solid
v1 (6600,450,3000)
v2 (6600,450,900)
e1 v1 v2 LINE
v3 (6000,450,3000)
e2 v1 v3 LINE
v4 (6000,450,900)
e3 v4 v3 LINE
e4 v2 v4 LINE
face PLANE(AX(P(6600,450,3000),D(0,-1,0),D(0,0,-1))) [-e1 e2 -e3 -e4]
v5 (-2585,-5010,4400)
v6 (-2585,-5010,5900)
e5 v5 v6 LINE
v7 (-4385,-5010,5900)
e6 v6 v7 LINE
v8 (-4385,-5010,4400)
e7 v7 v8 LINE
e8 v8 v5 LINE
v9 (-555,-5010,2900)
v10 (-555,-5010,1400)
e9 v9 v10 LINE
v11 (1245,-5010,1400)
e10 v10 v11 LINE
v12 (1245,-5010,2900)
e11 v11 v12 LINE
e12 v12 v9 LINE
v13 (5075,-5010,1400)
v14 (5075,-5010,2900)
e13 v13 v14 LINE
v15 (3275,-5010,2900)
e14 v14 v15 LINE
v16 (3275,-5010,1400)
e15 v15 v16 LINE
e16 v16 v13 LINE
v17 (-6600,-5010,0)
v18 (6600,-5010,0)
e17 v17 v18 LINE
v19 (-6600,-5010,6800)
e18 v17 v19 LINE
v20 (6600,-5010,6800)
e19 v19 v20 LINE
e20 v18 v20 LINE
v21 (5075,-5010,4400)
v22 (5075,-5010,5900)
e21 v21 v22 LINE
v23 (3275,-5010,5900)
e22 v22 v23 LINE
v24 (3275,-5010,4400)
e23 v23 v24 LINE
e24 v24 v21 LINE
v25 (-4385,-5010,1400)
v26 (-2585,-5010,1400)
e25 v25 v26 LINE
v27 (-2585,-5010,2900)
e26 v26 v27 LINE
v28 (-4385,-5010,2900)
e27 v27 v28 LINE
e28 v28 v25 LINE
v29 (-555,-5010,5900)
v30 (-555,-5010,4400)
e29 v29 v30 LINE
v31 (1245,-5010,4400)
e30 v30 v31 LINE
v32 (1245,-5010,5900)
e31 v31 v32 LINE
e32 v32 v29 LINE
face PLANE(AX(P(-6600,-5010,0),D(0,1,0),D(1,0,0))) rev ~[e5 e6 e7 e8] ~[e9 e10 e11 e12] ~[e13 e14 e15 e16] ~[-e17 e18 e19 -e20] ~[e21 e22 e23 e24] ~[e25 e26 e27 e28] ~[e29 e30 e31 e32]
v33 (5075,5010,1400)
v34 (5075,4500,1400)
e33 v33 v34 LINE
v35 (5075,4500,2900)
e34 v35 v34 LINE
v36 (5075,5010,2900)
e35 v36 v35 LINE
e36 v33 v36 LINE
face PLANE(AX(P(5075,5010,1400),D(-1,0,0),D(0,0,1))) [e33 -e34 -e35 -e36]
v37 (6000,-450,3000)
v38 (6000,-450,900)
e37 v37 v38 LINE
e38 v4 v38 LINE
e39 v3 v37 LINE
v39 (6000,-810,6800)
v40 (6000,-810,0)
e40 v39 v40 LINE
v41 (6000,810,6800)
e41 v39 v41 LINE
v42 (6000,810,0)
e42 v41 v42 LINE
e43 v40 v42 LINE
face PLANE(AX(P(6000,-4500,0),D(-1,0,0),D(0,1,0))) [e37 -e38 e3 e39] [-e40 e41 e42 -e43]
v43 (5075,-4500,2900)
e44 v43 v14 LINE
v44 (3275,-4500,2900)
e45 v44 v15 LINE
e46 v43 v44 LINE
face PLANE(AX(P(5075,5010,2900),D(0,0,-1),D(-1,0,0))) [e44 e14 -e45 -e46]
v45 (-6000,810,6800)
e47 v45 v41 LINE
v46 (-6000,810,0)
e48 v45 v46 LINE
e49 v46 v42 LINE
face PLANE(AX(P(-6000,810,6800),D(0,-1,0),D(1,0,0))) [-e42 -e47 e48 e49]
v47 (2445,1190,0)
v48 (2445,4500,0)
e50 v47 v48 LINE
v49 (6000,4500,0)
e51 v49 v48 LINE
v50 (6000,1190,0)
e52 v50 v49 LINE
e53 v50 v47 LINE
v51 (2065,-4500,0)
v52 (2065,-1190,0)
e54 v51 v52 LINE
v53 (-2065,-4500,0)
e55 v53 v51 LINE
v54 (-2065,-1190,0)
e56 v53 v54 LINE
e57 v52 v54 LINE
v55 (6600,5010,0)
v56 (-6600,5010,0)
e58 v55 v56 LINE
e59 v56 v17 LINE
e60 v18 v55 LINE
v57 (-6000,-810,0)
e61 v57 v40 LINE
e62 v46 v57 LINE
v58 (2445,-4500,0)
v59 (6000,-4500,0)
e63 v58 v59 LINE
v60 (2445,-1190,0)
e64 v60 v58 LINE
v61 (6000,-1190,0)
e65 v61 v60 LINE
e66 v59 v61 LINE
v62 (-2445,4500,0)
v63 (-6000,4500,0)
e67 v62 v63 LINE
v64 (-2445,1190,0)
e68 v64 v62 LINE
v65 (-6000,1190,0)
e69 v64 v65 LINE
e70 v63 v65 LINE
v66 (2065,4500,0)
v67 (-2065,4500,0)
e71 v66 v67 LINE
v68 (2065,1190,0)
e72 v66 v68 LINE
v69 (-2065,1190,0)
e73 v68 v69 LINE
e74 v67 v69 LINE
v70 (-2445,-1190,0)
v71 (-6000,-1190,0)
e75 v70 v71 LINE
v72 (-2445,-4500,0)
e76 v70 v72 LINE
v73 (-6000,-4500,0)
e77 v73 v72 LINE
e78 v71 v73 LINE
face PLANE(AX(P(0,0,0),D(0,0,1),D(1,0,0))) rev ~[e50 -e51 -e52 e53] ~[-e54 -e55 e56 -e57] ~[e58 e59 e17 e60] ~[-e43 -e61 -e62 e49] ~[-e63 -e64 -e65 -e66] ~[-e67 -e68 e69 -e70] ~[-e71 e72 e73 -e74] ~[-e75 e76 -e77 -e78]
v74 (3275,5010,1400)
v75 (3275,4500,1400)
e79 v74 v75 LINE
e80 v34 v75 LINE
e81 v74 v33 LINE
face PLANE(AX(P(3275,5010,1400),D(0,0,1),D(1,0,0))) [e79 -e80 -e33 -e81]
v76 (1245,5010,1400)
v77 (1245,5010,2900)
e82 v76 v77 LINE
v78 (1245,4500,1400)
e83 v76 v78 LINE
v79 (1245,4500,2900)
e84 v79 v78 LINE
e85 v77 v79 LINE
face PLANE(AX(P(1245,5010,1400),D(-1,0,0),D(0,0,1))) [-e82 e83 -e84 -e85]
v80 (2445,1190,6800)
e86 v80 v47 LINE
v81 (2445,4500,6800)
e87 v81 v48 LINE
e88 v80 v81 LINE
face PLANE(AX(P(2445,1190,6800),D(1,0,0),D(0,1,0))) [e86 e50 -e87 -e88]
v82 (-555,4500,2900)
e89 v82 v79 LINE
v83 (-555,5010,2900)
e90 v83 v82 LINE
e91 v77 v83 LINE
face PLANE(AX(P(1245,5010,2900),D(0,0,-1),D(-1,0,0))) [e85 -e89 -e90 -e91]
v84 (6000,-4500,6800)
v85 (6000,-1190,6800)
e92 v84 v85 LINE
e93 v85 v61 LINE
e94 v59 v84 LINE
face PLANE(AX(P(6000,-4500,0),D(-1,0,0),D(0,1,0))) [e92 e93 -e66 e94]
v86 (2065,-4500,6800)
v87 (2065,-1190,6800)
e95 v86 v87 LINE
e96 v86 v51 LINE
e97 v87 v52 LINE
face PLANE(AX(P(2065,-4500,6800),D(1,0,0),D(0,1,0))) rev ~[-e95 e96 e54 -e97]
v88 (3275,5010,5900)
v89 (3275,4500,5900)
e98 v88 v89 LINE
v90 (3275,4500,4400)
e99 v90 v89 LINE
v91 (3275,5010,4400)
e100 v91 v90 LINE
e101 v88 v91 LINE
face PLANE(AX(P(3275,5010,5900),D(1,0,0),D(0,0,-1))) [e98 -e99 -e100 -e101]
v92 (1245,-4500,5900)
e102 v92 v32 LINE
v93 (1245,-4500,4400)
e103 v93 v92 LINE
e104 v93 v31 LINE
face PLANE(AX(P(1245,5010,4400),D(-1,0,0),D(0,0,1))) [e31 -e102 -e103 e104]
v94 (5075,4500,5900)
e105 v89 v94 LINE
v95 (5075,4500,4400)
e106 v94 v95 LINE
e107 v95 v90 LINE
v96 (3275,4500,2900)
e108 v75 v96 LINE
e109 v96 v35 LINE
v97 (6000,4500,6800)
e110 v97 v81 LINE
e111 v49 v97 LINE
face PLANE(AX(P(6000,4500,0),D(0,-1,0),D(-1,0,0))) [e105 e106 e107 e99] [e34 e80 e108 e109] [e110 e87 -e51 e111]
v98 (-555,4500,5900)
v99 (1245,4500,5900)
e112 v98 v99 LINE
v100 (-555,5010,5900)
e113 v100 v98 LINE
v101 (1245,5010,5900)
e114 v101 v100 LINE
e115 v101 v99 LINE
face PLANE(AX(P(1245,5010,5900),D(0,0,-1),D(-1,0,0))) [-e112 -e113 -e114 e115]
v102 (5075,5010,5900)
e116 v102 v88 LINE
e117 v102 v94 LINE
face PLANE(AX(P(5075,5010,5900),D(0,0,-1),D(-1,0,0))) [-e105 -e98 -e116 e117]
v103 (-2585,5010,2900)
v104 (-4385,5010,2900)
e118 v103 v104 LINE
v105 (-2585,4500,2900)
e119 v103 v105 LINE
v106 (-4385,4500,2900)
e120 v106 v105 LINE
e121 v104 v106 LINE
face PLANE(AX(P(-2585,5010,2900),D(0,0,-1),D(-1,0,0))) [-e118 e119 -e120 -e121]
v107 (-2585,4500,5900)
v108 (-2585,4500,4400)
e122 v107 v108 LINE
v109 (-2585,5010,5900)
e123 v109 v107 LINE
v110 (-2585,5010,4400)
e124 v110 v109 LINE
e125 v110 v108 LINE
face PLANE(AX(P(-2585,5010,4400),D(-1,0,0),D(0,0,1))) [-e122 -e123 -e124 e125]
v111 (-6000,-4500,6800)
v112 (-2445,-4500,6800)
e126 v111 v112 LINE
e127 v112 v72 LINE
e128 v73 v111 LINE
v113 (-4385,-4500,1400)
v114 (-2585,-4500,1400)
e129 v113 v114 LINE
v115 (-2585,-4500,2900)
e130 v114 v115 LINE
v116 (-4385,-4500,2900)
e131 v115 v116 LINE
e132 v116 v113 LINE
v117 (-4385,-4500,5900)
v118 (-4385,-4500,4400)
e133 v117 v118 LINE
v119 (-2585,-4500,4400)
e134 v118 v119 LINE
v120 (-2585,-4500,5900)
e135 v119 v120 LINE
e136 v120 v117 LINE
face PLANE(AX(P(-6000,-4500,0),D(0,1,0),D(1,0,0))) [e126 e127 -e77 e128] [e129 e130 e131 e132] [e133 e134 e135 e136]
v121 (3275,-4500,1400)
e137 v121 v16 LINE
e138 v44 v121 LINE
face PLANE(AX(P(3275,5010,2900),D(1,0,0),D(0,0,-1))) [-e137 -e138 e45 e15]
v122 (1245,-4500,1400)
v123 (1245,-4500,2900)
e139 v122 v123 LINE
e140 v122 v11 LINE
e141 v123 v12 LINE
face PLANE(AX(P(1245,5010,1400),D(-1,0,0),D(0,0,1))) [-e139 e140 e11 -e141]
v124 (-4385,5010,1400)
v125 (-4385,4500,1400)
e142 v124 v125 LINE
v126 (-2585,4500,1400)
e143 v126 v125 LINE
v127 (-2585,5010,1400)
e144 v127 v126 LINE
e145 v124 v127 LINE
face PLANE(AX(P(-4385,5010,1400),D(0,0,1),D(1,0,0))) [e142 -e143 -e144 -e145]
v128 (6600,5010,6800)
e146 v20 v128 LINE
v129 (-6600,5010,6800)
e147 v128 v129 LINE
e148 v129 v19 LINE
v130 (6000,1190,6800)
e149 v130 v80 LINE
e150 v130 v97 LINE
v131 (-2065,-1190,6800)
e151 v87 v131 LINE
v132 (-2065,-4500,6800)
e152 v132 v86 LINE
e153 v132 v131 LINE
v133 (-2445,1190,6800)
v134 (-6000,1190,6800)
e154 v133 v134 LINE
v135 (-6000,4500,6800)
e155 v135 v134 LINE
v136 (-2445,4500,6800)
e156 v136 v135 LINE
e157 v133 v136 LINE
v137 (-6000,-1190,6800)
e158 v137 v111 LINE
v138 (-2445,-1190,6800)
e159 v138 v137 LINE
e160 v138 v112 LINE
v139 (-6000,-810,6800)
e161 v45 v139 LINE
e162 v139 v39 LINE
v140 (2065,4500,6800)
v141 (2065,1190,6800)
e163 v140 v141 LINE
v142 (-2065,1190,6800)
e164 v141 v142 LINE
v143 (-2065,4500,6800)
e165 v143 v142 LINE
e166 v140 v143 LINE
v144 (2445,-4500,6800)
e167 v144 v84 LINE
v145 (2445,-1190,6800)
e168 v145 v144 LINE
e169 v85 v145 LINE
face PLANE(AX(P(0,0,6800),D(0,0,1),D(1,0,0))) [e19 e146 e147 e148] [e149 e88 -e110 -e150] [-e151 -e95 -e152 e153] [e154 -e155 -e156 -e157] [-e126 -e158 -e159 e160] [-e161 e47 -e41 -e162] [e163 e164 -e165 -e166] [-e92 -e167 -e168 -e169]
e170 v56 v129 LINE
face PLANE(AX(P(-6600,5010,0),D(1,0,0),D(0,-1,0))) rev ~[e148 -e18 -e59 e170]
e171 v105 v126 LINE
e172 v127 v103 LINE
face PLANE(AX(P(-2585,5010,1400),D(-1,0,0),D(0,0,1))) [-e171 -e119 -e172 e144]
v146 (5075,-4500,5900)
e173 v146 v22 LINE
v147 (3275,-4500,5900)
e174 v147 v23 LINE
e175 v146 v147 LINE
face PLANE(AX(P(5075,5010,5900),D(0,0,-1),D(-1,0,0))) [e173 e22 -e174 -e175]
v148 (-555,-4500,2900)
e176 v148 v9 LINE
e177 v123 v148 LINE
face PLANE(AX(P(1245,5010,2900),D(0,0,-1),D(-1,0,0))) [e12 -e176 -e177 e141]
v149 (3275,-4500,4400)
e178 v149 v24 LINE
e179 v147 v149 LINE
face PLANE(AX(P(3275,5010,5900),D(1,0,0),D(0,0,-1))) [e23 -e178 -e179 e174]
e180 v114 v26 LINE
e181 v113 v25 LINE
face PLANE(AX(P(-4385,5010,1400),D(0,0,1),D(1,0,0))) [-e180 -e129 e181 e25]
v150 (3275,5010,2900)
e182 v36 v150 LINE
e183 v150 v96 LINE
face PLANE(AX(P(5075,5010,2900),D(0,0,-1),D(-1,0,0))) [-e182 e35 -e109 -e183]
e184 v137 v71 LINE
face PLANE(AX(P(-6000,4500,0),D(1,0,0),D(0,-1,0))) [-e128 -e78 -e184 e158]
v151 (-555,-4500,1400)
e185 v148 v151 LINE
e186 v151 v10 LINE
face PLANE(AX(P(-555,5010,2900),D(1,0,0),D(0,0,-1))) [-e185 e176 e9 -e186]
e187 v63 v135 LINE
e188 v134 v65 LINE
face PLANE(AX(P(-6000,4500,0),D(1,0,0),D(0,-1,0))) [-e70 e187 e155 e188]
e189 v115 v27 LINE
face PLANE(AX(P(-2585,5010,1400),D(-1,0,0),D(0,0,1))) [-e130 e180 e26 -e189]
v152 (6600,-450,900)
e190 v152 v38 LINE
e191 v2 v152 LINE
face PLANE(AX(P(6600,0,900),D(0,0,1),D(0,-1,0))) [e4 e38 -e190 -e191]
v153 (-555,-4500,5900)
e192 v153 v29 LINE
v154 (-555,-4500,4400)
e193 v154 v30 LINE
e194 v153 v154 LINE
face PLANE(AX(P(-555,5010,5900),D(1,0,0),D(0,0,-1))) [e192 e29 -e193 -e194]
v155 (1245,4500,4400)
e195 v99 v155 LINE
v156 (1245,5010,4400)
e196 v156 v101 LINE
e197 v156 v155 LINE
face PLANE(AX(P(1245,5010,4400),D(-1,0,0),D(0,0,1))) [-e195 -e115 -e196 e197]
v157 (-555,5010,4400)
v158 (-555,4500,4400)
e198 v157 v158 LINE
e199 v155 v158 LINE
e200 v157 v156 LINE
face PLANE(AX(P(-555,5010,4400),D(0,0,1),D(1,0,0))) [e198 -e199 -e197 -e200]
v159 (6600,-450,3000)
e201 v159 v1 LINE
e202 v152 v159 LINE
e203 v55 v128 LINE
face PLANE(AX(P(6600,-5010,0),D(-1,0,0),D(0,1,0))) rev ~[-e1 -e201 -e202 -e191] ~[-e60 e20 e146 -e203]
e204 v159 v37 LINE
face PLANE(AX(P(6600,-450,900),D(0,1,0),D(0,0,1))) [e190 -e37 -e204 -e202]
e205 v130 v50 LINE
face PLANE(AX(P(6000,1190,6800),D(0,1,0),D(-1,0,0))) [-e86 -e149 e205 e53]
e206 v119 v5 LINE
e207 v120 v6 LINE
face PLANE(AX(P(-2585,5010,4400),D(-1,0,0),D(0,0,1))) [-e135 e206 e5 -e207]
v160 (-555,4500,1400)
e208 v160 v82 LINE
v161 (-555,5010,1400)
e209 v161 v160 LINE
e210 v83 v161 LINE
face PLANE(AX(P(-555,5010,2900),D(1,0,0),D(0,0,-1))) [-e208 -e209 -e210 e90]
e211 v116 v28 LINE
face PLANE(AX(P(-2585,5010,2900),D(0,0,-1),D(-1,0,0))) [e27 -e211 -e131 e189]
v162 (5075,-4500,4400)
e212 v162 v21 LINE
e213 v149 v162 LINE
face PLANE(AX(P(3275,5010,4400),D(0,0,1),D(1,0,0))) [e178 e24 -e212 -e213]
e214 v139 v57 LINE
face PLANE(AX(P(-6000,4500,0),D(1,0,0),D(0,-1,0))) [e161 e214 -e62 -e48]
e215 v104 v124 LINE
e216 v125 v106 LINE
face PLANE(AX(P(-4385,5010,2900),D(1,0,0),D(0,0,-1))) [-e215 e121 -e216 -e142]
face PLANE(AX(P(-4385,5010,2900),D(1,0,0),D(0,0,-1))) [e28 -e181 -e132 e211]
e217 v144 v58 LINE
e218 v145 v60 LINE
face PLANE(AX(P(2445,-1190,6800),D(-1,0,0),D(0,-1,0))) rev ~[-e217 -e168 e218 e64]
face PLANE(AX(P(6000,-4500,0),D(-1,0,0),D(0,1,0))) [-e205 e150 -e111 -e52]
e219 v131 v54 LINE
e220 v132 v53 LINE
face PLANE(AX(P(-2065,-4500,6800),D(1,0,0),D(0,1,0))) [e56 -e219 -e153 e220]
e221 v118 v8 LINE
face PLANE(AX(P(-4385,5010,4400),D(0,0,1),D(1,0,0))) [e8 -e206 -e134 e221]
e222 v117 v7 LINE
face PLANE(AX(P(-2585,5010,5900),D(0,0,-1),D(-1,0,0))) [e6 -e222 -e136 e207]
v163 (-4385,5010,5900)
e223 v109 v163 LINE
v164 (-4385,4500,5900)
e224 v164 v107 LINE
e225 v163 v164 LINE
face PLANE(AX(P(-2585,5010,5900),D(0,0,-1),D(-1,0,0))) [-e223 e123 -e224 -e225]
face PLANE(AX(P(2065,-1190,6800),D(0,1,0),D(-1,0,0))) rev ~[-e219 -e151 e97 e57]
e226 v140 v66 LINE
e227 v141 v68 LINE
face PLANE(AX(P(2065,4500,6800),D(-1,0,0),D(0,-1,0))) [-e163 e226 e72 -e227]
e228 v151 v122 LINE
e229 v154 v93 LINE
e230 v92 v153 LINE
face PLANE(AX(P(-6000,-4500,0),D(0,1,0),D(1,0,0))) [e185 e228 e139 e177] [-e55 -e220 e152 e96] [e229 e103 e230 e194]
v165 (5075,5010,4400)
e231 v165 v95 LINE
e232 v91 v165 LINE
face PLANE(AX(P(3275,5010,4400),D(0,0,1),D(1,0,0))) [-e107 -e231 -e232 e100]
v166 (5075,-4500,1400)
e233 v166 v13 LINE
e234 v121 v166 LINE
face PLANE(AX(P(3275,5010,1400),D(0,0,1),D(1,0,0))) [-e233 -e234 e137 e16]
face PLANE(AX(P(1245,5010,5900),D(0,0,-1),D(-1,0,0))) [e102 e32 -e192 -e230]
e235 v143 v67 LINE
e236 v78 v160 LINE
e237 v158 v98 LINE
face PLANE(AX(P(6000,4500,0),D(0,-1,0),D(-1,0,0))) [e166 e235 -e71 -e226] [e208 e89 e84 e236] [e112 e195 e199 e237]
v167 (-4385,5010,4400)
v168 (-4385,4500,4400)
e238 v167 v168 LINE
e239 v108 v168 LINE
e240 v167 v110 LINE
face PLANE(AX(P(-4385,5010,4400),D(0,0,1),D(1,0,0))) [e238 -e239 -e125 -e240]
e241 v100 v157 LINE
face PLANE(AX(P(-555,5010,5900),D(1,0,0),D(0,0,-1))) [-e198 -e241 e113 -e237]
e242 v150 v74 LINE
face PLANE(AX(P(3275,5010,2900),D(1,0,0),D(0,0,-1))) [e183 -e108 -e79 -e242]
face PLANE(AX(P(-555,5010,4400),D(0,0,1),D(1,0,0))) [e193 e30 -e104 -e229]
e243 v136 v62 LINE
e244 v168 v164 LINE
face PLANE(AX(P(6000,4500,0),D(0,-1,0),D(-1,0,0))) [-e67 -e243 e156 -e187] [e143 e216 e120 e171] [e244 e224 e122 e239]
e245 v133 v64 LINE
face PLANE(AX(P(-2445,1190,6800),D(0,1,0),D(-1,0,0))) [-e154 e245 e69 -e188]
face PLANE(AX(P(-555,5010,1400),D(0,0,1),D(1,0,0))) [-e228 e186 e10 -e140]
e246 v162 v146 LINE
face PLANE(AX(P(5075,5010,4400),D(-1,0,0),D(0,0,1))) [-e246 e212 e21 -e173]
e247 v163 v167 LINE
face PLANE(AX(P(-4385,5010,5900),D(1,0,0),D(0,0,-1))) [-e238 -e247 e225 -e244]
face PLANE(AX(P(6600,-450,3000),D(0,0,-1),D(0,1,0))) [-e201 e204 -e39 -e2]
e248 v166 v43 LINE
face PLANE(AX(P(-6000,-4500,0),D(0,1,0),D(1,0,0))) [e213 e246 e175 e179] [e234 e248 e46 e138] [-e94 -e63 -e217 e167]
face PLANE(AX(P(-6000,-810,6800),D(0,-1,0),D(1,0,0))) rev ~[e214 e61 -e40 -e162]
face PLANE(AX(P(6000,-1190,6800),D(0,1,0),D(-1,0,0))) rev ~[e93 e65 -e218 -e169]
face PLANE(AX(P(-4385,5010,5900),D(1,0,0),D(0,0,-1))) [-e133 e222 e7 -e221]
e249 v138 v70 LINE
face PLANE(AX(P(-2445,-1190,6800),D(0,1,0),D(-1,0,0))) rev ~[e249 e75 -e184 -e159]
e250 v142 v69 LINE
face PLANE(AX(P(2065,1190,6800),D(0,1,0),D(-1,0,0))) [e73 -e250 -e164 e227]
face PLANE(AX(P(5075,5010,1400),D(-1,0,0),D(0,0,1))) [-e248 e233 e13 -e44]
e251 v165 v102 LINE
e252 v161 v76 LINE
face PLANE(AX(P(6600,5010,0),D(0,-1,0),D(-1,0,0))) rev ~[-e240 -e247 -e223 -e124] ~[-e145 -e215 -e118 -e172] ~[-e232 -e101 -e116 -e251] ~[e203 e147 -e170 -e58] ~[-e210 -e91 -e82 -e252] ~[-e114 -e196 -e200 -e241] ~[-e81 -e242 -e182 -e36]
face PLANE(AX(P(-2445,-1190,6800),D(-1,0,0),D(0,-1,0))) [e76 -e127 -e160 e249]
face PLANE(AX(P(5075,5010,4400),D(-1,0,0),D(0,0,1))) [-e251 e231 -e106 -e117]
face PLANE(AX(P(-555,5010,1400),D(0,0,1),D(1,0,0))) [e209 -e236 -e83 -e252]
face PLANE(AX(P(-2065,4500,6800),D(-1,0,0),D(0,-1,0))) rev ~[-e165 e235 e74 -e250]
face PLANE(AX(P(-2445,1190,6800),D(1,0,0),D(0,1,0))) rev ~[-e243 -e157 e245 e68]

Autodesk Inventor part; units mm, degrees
ref_plane "YZ Plane" through (0, 0, 0) normal (1, 0, 0) x (0, 1, 0)
ref_plane "XZ Plane" through (0, 0, 0) normal (0, 1, 0) x (-1, 0, 0)
ref_plane "XY Plane" through (0, 0, 0) normal (0, 0, 1) x (1, 0, 0)
sketch "Sketch1" plane through (0, 0, 0) normal (0, 0, 1) x (1, 0, 0)
  line L0 (6000, 4500) -> (-6000, 4500)
  line L1 (-6000, 4500) -> (-6000, -4500)
  line L2 (-6000, -4500) -> (6000, -4500)
  line L3 (6000, -4500) -> (6000, 4500)
  line L4 (6000, 4500) -> (-6000, -4500) construction
  line L5 (-6000, 4500) -> (6000, -4500) construction
  line L6 (6600, 5010) -> (-6600, 5010)
  line L7 (-6600, 5010) -> (-6600, -5010)
  line L8 (-6600, -5010) -> (6600, -5010)
  line L9 (6600, -5010) -> (6600, 5010)
  line L10 (6600, 5010) -> (-6600, -5010) construction
  line L11 (-6600, 5010) -> (6600, -5010) construction
  point P0 (0, 0)
  dimension "d0" = 12000
  dimension "d1" = 9000
  dimension "d2" = 13200
  dimension "d3" = 10020
extrude "Extrusion1" add sketch "Sketch1" along normal blind 6800
sketch "Sketch2" plane through (-6600, 5010, 0) normal (0, 1, 0) x (1, 0, 0)
  line L0 (11675, -2900) -> (9875, -2900)
  line L1 (9875, -2900) -> (9875, -1400)
  line L2 (9875, -1400) -> (11675, -1400)
  line L3 (11675, -1400) -> (11675, -2900)
  line L4 (13200, 0) -> (13200, -6800) projected
  line L5 (13200, 0) -> (0, 0) projected
  line L6 (11675, -5900) -> (9875, -5900)
  line L7 (9875, -5900) -> (9875, -4400)
  line L8 (9875, -4400) -> (11675, -4400)
  line L9 (11675, -4400) -> (11675, -5900)
  line L10 (7845, -2900) -> (6045, -2900)
  line L11 (6045, -2900) -> (6045, -1400)
  line L12 (6045, -1400) -> (7845, -1400)
  line L13 (7845, -1400) -> (7845, -2900)
  line L14 (7845, -5900) -> (6045, -5900)
  line L15 (6045, -5900) -> (6045, -4400)
  line L16 (6045, -4400) -> (7845, -4400)
  line L17 (7845, -4400) -> (7845, -5900)
  line L18 (4015, -2900) -> (2215, -2900)
  line L19 (2215, -2900) -> (2215, -1400)
  line L20 (2215, -1400) -> (4015, -1400)
  line L21 (4015, -1400) -> (4015, -2900)
  line L22 (4015, -5900) -> (2215, -5900)
  line L23 (2215, -5900) -> (2215, -4400)
  line L24 (2215, -4400) -> (4015, -4400)
  line L25 (4015, -4400) -> (4015, -5900)
  point P0 (6600, 0)
  dimension "d6" = 1800
  dimension "d7" = 1500
  dimension "d8" = 1525
  dimension "d9" = 1400
  dimension "d10" = 1800
  dimension "d11" = 1500
  dimension "d12" = 1500
  dimension "d13" = 1525
  dimension "d14" = 1800
  dimension "d15" = 1500
  dimension "d16" = 1800
  dimension "d17" = 1500
  dimension "d18" = 1500
  dimension "d19" = 1800
  dimension "d20" = 1500
  dimension "d21" = 1800
  dimension "d22" = 1500
  dimension "d23" = 1500
  dimension "d24" = 2030
  dimension "d25" = 2030
extrude "Extrusion2" cut sketch "Sketch2" against normal blind 11000
sketch "Sketch3" plane through (0, 0, 6800) normal (0, 0, 1) x (1, 0, 0)
  line L0 (6000, 4500) -> (6000, -4500) projected
  line L1 (-6000, -4500) -> (-6000, 4500) projected
  line L2 (6000, 0) -> (7500, 0) construction
  line L3 (-6000, 810) -> (6000, 810)
  line L4 (6000, 810) -> (6000, 1190)
  line L5 (6000, 1190) -> (-6000, 1190)
  line L6 (-6000, 1190) -> (-6000, 810)
  line L7 (6000, 4500) -> (2445, 4500)
  line L8 (-6000, 4500) -> (6000, 4500) projected
  line L9 (2445, 4500) -> (2065, 4500)
  line L10 (2445, 1190) -> (2445, 4500)
  line L11 (2065, 4500) -> (2065, 1190)
  line L12 (-2065, 1190) -> (-2445, 1190)
  line L13 (-2445, 1190) -> (-2445, 4500)
  line L14 (-2445, 4500) -> (-2065, 4500)
  line L15 (-2065, 4500) -> (-2065, 1190)
  line L16 (6000, 0) -> (-6000, 0)
  line L17 (-6000, -810) -> (6000, -810)
  line L18 (6000, -810) -> (6000, -1190)
  line L19 (6000, -1190) -> (-6000, -1190)
  line L20 (-6000, -1190) -> (-6000, -810)
  line L21 (6000, -4500) -> (2445, -4500)
  line L22 (2445, -4500) -> (2065, -4500)
  line L23 (2445, -1190) -> (2445, -4500)
  line L24 (2065, -4500) -> (2065, -1190)
  line L25 (-2065, -1190) -> (-2445, -1190)
  line L26 (-2445, -1190) -> (-2445, -4500)
  line L27 (-2445, -4500) -> (-2065, -4500)
  line L28 (-2065, -4500) -> (-2065, -1190)
  point P0 (6000, 1500)
  point P1 (-2445, 4500)
  point P2 (-6000, 1190)
  point P3 (-6000, 810)
  point P4 (6000, 810)
  point P5 (6000, 1190)
  point P6 (2445, 4500)
  point P7 (2065, 4500)
  point P8 (6000, -1500)
  point P9 (-2445, -4500)
  point P10 (2065, -1190)
  point P11 (2065, 1190)
  dimension "d39" = 3310
  dimension "d46" = 3555
  dimension "d47" = 380
  dimension "d50" = 380
  dimension "d52" = 3555
  dimension "d53" = 0
  dimension "d54" = 0
extrude "Extrusion4" add sketch "Sketch3" against normal blind 6800 contours L0 L3 L1 L5 | L10 L5 L11 L8 | L15 L5 L13 L8 | L0 L19 L1 L17 | L23 L22 L24 L19 | L19 L28 L27 L26
sketch "Sketch4" plane through (6600, -5010, 0) normal (1, 0, 0) x (0, 0, -1)
  line L0 (-900, 5010) -> (-900, 4560)
  line L1 (-900, 4560) -> (-3000, 4560)
  line L2 (-3000, 4560) -> (-3000, 5460)
  line L3 (-3000, 5460) -> (-900, 5460)
  line L4 (-900, 5460) -> (-900, 4560)
  line L5 (0, 0) -> (0, 10020) projected
  point P0 (0, 10020)
  dimension "d62" = 450
  dimension "d63" = 2100
  dimension "d64" = 900
  dimension "d65" = 3000
extrude "Extrusion5" cut sketch "Sketch4" against normal blind 680
properties part number "home_templae"
